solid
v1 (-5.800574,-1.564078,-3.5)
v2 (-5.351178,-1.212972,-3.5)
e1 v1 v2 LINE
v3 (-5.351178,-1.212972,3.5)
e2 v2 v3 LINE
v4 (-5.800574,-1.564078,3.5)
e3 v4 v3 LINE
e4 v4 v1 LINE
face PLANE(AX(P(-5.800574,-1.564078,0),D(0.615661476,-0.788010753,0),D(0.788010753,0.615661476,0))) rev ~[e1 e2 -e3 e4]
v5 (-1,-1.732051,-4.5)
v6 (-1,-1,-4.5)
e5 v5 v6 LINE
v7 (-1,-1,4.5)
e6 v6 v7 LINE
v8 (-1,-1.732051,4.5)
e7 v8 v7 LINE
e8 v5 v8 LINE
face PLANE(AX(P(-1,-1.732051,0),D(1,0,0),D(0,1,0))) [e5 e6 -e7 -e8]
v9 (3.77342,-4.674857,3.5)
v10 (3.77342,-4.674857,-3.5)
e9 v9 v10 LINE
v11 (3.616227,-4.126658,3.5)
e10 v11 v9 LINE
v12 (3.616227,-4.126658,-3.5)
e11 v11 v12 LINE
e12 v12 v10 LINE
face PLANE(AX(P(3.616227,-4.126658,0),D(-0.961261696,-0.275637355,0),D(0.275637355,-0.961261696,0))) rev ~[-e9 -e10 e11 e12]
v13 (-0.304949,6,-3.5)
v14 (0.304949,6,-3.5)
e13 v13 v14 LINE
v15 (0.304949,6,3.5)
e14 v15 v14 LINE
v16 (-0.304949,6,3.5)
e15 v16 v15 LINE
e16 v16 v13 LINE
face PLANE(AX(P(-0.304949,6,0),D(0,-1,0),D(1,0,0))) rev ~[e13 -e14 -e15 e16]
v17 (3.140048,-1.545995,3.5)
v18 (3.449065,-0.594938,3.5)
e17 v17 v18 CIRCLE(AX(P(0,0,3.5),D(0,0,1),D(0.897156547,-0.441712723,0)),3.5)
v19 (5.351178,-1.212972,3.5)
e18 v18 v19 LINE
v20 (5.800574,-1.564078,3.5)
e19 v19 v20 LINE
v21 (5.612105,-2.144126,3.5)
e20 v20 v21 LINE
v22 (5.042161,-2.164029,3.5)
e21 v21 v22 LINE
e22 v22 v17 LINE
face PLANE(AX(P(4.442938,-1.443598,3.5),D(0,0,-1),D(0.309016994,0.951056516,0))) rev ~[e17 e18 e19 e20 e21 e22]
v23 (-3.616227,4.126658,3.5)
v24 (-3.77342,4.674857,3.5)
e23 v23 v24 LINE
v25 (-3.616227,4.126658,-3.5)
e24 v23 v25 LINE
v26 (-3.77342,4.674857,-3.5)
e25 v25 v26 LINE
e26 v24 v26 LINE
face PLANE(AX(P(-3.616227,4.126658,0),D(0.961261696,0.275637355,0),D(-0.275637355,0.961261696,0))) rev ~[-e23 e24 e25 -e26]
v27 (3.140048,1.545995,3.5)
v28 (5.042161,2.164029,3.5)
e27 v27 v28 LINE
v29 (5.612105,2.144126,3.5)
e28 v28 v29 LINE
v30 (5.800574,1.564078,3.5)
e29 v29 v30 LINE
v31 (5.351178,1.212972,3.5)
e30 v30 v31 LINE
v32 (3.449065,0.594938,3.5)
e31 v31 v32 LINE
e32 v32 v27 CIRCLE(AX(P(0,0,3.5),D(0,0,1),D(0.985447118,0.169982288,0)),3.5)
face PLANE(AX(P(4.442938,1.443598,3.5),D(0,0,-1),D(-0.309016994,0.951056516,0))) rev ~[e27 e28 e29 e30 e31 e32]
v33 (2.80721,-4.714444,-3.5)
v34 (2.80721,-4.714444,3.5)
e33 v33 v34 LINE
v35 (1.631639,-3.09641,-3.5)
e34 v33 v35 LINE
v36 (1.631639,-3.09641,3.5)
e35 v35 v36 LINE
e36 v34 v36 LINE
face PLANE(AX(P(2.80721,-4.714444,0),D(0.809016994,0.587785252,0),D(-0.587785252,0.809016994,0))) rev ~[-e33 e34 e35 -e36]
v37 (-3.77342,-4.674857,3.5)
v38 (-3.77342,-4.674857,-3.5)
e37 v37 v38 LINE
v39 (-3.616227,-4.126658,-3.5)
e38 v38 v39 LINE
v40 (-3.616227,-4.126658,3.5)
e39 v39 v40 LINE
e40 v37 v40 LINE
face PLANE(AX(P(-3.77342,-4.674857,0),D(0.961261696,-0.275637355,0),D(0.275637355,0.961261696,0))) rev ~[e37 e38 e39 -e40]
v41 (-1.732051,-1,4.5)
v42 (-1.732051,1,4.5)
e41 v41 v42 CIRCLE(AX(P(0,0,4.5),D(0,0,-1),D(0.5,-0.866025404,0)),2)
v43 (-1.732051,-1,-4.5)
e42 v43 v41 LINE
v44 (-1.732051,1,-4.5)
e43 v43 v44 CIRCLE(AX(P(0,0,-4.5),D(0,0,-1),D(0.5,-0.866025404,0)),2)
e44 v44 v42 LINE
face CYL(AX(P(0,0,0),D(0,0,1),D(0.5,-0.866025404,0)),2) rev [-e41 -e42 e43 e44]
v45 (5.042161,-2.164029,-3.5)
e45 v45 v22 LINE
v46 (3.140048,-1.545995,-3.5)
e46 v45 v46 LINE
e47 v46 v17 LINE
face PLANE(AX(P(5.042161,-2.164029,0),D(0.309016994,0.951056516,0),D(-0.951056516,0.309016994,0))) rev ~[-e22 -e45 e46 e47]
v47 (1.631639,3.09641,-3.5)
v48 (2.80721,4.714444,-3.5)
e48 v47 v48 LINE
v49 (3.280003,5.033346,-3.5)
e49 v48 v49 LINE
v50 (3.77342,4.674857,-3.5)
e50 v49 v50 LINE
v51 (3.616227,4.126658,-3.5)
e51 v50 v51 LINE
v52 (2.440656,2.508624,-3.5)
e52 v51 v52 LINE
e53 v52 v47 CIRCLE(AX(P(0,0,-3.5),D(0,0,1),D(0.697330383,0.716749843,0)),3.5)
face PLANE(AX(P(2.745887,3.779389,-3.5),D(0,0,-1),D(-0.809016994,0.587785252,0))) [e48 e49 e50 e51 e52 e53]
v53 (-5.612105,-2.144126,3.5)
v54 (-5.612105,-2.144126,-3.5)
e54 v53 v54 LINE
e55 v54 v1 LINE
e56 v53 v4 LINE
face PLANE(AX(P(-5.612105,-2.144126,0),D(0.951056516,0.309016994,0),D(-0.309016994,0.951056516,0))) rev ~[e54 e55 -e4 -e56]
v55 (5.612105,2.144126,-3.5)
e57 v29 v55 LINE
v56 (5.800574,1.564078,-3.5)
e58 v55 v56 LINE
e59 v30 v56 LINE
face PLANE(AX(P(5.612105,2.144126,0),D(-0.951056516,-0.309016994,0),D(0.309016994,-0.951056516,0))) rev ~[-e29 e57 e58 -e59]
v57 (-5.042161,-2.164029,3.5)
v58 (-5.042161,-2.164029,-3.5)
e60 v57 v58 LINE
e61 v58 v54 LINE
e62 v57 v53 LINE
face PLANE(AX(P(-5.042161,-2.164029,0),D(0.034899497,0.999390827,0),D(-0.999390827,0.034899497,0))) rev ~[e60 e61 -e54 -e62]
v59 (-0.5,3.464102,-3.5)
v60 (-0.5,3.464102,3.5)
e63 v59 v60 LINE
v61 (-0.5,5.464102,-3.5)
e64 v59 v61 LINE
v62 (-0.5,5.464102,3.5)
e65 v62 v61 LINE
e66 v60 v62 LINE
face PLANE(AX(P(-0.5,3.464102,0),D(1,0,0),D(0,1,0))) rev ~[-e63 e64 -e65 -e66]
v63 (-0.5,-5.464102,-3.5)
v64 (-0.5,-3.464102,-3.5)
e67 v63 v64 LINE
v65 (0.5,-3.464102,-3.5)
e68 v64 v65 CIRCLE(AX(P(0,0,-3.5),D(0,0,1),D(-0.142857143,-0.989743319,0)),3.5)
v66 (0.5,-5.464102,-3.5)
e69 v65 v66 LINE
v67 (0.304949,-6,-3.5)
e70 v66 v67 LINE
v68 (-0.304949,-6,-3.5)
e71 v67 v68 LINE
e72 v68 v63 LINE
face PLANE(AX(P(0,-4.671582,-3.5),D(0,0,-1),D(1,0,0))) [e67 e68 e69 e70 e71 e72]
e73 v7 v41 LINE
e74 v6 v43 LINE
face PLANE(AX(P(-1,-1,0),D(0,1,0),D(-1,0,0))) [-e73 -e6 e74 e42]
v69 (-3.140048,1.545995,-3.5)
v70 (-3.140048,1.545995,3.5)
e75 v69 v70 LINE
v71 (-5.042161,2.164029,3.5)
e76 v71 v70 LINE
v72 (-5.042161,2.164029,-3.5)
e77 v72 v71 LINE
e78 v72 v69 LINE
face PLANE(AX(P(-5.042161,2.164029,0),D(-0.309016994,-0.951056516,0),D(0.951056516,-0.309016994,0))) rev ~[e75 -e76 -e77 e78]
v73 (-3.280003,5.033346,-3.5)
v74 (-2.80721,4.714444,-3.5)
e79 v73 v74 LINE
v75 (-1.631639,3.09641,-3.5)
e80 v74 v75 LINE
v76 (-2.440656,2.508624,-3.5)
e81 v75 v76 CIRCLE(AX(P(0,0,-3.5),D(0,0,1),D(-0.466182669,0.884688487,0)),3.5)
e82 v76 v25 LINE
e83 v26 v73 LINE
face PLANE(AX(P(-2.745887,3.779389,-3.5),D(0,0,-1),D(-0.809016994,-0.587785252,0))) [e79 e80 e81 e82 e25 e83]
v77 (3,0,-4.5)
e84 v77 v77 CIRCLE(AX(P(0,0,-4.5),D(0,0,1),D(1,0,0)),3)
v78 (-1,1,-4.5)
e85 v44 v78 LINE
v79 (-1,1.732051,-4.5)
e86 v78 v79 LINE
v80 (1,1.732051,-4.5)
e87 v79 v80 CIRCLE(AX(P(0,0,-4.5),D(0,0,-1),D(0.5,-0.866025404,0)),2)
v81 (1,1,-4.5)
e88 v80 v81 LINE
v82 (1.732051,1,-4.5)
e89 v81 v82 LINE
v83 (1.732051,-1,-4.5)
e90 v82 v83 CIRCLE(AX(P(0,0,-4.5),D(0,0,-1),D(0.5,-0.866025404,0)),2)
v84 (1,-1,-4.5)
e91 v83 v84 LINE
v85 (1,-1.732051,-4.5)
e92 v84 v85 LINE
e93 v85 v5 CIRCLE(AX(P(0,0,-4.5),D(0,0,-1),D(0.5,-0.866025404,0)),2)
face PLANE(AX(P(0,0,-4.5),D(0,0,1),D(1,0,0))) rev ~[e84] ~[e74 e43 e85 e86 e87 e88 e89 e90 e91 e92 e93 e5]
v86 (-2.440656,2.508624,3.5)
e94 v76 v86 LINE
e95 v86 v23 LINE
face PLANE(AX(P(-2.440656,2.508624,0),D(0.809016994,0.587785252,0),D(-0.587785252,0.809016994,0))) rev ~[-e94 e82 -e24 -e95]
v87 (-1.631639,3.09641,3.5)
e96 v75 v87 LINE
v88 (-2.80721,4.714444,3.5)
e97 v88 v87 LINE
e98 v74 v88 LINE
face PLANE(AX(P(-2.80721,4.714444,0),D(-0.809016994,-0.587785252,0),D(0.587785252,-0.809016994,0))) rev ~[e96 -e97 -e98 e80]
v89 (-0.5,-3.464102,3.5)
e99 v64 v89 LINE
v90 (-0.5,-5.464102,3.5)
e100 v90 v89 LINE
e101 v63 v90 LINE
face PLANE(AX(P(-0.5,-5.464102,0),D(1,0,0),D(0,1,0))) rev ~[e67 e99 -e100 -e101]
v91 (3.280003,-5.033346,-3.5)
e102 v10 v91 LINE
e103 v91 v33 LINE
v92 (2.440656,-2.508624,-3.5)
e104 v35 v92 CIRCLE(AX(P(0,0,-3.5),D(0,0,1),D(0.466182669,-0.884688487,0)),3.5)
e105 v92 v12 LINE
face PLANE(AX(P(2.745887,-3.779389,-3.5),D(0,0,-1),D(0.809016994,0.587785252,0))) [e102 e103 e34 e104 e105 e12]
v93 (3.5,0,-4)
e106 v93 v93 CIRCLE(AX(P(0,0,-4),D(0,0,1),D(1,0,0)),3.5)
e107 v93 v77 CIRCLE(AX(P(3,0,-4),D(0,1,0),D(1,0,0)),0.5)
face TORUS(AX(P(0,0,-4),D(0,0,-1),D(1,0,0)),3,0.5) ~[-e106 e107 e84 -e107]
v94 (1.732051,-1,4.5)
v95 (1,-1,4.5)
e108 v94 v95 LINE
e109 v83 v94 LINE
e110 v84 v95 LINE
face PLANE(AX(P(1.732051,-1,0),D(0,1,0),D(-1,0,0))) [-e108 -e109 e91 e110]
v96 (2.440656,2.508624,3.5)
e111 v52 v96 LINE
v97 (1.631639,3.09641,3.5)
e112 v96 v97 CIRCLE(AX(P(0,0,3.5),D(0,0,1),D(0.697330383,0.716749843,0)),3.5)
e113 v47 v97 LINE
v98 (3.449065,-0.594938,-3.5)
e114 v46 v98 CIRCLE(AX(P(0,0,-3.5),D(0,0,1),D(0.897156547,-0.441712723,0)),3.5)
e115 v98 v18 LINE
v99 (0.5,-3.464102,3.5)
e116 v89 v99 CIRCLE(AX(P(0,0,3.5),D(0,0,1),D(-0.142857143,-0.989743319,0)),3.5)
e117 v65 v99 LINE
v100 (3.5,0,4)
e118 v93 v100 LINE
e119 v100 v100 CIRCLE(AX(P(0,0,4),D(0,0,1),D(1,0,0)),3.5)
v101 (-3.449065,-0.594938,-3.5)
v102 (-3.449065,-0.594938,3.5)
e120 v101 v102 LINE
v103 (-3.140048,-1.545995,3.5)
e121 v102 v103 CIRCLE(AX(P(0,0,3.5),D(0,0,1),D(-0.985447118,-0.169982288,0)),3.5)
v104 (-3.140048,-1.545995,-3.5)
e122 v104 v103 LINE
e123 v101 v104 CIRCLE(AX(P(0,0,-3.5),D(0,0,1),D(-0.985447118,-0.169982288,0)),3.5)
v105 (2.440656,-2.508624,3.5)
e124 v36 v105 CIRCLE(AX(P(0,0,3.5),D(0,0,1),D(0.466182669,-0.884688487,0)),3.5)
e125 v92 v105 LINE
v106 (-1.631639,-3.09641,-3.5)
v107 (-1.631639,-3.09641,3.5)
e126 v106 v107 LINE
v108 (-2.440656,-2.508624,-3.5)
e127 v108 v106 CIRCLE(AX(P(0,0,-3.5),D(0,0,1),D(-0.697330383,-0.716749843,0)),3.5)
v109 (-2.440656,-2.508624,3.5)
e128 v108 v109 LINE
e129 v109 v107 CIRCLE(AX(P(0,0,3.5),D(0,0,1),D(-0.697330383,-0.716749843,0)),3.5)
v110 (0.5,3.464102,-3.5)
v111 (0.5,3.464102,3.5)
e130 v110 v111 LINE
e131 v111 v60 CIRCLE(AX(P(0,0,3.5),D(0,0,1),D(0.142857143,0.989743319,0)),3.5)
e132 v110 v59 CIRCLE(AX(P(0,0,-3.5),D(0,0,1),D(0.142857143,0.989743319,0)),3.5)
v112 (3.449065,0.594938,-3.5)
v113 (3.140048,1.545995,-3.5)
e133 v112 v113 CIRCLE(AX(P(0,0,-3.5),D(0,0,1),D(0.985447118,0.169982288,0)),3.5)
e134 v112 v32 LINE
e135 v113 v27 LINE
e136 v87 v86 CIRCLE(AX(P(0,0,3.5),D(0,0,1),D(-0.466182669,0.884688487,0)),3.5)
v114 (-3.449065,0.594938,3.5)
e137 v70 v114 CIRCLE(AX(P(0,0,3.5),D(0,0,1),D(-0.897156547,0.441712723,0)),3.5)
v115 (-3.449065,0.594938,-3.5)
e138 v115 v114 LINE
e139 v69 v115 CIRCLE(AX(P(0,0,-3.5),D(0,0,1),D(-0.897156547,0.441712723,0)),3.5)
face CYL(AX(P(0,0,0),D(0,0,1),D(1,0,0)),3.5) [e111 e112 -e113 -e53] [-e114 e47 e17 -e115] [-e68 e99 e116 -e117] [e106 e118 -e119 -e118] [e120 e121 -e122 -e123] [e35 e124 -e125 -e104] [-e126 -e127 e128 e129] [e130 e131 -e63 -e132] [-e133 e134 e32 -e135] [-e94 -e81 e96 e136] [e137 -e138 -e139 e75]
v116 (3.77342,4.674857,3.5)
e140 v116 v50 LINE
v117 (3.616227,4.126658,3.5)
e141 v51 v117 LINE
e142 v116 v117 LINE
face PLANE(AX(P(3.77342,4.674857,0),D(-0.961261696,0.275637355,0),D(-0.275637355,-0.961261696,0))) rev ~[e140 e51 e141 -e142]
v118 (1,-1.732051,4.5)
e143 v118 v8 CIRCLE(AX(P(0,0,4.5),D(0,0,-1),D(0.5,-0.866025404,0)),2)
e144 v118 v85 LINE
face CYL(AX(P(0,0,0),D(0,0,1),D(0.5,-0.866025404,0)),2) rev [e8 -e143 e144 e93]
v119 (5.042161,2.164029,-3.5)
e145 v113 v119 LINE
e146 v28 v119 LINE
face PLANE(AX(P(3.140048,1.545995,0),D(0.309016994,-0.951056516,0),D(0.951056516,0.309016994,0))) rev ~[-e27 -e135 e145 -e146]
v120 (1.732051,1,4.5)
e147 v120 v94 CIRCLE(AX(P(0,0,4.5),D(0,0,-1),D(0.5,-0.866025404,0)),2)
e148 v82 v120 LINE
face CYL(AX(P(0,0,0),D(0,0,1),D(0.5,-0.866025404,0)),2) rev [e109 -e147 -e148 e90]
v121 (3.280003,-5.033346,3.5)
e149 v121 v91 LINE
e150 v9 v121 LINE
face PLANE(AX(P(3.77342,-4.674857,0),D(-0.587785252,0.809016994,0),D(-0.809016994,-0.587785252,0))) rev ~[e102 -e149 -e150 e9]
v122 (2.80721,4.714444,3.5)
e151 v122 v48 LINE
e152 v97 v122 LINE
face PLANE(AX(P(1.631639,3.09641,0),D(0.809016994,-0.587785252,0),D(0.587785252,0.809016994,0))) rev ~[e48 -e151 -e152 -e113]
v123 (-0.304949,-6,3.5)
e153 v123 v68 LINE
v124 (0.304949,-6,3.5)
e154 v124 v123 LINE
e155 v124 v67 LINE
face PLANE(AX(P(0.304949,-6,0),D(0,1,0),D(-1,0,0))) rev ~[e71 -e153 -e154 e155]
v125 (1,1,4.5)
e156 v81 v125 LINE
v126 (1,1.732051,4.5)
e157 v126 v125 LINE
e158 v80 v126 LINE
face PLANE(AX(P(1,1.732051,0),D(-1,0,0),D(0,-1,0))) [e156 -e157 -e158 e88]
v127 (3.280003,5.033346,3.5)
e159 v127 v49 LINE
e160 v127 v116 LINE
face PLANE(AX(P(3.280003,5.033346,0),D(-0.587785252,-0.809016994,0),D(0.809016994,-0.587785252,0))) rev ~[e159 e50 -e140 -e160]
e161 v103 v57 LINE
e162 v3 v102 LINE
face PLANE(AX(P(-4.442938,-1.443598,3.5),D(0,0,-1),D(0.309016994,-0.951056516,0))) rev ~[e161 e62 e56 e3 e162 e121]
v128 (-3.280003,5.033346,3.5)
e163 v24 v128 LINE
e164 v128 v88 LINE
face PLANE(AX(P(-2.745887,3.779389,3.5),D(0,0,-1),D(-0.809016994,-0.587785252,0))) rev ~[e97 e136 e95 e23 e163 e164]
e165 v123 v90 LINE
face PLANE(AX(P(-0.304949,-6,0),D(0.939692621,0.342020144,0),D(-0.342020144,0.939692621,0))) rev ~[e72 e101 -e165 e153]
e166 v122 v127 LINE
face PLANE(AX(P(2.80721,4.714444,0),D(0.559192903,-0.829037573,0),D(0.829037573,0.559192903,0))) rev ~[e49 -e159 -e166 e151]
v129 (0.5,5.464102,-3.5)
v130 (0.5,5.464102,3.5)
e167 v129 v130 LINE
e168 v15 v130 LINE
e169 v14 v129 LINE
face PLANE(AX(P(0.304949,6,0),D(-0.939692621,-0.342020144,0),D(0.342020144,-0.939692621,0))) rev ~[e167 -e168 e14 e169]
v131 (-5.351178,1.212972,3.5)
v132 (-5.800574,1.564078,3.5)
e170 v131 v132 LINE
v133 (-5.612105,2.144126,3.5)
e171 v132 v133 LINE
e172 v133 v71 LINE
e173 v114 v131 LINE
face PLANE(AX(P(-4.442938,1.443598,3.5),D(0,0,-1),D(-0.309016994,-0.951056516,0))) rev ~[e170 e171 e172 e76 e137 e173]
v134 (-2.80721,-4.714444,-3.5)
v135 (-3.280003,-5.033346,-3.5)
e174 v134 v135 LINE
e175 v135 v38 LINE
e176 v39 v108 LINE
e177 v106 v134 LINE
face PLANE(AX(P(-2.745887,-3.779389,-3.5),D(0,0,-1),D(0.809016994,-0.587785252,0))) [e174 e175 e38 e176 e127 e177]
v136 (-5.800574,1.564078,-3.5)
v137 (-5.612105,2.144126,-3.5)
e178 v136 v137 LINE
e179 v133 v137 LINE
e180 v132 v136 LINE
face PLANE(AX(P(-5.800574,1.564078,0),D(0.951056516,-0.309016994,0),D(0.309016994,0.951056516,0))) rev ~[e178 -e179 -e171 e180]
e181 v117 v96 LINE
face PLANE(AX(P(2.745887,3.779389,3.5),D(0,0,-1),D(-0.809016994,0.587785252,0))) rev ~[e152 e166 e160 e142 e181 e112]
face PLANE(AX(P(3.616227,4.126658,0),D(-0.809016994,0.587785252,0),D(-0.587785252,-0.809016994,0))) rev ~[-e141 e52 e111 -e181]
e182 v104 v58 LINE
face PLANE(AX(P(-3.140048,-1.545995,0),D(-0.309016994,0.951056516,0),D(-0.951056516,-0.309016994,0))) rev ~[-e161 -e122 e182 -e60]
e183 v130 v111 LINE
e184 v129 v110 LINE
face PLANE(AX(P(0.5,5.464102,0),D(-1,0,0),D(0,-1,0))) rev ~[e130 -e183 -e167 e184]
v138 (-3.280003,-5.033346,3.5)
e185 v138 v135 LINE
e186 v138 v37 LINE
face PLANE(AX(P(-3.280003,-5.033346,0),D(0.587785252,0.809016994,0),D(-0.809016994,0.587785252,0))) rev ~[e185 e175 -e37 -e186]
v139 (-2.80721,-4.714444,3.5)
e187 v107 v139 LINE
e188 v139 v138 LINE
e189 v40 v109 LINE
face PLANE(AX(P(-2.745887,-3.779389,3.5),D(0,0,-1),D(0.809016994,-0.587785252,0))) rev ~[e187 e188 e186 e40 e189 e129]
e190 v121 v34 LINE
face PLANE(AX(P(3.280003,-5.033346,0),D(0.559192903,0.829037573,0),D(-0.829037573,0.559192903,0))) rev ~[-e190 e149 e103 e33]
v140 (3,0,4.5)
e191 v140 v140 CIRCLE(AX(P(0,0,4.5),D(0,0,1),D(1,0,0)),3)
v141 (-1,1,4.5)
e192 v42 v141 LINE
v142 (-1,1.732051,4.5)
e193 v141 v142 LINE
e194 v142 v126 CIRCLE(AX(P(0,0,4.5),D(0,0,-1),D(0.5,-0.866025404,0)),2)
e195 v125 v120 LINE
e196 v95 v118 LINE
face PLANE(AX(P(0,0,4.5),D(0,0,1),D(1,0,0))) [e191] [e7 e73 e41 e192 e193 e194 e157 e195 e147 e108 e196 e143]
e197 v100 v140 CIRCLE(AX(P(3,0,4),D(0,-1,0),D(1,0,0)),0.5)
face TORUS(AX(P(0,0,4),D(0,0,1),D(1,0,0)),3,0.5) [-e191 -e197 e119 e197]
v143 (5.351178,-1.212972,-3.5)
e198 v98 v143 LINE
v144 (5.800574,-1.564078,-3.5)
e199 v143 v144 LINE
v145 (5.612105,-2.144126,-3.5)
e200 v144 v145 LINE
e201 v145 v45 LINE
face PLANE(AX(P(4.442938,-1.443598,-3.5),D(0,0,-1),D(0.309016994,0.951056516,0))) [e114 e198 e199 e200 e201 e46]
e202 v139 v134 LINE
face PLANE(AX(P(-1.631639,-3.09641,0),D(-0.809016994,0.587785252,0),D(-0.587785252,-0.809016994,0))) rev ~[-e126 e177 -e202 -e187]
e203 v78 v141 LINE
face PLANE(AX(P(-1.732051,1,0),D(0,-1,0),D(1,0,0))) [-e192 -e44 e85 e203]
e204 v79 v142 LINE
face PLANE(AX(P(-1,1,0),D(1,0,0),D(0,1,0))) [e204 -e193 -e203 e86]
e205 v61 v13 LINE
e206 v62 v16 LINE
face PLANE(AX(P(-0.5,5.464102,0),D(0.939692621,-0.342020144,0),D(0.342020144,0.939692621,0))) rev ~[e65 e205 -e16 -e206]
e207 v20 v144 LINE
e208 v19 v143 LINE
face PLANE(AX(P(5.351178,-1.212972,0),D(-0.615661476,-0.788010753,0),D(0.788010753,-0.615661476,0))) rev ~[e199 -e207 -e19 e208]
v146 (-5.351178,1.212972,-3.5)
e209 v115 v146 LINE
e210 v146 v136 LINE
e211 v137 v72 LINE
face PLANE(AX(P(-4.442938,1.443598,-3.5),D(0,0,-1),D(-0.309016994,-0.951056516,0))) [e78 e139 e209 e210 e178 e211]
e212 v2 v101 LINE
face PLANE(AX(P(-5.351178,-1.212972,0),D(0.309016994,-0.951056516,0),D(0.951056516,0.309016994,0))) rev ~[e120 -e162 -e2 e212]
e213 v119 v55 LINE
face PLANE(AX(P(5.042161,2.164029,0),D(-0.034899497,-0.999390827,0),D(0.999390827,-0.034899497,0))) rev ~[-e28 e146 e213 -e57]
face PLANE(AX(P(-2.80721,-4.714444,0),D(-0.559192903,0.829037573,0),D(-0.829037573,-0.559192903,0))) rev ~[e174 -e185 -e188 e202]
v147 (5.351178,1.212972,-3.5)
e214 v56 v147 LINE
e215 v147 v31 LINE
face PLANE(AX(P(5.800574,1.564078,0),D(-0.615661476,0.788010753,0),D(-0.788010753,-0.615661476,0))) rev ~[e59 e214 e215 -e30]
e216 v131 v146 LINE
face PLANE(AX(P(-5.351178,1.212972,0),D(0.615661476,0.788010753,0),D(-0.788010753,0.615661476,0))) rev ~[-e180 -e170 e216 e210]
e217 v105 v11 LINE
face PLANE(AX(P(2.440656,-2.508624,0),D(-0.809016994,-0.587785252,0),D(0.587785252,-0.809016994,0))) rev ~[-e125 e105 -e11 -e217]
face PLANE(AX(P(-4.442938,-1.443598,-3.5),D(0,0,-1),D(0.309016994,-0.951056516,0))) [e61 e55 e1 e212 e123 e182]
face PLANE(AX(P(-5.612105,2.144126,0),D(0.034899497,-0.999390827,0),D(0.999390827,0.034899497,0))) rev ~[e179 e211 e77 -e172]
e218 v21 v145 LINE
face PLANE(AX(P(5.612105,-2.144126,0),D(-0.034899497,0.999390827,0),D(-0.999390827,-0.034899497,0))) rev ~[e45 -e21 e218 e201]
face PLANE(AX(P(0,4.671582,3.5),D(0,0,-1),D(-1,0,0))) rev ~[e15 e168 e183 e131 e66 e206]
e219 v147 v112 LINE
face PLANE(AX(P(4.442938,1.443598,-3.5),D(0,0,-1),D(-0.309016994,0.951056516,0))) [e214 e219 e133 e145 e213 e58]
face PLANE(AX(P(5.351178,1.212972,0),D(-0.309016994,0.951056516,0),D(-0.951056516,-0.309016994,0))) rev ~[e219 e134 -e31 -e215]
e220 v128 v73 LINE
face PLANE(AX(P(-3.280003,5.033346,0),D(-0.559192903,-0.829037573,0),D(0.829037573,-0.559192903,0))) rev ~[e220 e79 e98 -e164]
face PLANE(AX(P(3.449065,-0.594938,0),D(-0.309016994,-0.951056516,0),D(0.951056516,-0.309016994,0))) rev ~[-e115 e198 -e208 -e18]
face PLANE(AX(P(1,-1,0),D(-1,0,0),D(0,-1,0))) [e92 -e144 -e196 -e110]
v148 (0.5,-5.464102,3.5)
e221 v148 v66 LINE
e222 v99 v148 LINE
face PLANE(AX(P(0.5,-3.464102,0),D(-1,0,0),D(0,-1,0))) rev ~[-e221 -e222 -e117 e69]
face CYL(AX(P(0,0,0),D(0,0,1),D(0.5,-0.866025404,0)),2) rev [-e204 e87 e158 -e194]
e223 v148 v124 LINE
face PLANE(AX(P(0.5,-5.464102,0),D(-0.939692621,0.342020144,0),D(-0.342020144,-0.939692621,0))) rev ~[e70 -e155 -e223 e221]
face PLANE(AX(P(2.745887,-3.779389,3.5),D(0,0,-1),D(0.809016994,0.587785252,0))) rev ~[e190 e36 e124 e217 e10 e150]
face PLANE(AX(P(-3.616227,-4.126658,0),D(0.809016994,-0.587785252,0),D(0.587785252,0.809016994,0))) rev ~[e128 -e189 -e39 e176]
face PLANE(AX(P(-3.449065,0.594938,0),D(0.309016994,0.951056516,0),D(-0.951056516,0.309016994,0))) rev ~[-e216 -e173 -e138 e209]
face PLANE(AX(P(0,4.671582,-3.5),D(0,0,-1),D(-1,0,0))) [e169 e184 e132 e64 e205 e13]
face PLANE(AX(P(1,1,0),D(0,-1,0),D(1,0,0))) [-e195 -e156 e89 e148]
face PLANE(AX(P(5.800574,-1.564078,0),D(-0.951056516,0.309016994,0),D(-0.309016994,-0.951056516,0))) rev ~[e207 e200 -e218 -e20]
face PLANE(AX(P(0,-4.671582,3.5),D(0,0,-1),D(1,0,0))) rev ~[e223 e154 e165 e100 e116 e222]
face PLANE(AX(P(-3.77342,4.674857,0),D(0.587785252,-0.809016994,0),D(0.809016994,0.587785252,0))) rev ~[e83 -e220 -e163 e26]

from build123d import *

# Parameters (mm, degrees)
SKETCH1_R           = 3.5
SKETCH1_R_2         = 2
BOSS_EXTRUDE1_DEPTH = 4.5
BOSS_EXTRUDE2_DEPTH = 3.5
CIRPATTERN1_COUNT   = 10
FILLET1_R           = 0.5


with BuildPart() as part:
    # Sketch1 → Boss-Extrude1 (new body, symmetric)
    with BuildSketch(Plane.XY):
        Circle(SKETCH1_R)
        Circle(SKETCH1_R_2, mode=Mode.SUBTRACT)
        with BuildLine():
            Line((1, -1), (1, -1.732050808))
            ThreePointArc((1, -1.732050808), (1.414213562, -1.414213562), (1.732050808, -1))
            Line((1.732050808, -1), (1, -1))
        make_face()
        with BuildLine():
            ThreePointArc((-1.732050808, -1), (-1.414213562, -1.414213562), (-1, -1.732050808))
            Line((-1, -1.732050808), (-1, -1))
            Line((-1, -1), (-1.732050808, -1))
        make_face()
        with BuildLine():
            Line((-1.732050808, 1), (-1, 1))
            Line((-1, 1), (-1, 1.732050808))
            ThreePointArc((-1, 1.732050808), (-1.414213562, 1.414213562), (-1.732050808, 1))
        make_face()
        with BuildLine():
            Line((1, 1.732050808), (1, 1))
            Line((1, 1), (1.732050808, 1))
            ThreePointArc((1.732050808, 1), (1.414213562, 1.414213562), (1, 1.732050808))
        make_face()
    extrude(amount=BOSS_EXTRUDE1_DEPTH, both=True)

    # Sketch2 → Boss-Extrude2 (add, symmetric)
    with BuildSketch(Plane.XY):
        with BuildLine():
            Line((-0.5, 3.464101615), (-0.5, 5.464101615))
            Line((-0.5, 5.464101615), (-0.304948939, 6))
            Line((-0.304948939, 6), (0.304948939, 6))
            Line((0.304948939, 6), (0.5, 5.464101615))
            Line((0.5, 5.464101615), (0.5, 3.464101615))
            ThreePointArc((0.5, 3.464101615), (0, 3.5), (-0.5, 3.464101615))
        make_face()
    boss_extrude2 = extrude(amount=BOSS_EXTRUDE2_DEPTH, both=True)

    # CirPattern1: Boss-Extrude2 ×10 about axis
    cirpattern1_axis = Axis((0, 0, 0), (0, 0, 1))
    for i in range(1, CIRPATTERN1_COUNT):
        add(boss_extrude2.rotate(cirpattern1_axis, i * 360 / CIRPATTERN1_COUNT))

    # Fillet1
    fillet1_edges = [part.edges().sort_by_distance(p)[0] for p in [
        (-3.5, 0, -4.5),
        (-3.5, 0, 4.5),
    ]]
    fillet(fillet1_edges, radius=FILLET1_R)


solid = part.part
